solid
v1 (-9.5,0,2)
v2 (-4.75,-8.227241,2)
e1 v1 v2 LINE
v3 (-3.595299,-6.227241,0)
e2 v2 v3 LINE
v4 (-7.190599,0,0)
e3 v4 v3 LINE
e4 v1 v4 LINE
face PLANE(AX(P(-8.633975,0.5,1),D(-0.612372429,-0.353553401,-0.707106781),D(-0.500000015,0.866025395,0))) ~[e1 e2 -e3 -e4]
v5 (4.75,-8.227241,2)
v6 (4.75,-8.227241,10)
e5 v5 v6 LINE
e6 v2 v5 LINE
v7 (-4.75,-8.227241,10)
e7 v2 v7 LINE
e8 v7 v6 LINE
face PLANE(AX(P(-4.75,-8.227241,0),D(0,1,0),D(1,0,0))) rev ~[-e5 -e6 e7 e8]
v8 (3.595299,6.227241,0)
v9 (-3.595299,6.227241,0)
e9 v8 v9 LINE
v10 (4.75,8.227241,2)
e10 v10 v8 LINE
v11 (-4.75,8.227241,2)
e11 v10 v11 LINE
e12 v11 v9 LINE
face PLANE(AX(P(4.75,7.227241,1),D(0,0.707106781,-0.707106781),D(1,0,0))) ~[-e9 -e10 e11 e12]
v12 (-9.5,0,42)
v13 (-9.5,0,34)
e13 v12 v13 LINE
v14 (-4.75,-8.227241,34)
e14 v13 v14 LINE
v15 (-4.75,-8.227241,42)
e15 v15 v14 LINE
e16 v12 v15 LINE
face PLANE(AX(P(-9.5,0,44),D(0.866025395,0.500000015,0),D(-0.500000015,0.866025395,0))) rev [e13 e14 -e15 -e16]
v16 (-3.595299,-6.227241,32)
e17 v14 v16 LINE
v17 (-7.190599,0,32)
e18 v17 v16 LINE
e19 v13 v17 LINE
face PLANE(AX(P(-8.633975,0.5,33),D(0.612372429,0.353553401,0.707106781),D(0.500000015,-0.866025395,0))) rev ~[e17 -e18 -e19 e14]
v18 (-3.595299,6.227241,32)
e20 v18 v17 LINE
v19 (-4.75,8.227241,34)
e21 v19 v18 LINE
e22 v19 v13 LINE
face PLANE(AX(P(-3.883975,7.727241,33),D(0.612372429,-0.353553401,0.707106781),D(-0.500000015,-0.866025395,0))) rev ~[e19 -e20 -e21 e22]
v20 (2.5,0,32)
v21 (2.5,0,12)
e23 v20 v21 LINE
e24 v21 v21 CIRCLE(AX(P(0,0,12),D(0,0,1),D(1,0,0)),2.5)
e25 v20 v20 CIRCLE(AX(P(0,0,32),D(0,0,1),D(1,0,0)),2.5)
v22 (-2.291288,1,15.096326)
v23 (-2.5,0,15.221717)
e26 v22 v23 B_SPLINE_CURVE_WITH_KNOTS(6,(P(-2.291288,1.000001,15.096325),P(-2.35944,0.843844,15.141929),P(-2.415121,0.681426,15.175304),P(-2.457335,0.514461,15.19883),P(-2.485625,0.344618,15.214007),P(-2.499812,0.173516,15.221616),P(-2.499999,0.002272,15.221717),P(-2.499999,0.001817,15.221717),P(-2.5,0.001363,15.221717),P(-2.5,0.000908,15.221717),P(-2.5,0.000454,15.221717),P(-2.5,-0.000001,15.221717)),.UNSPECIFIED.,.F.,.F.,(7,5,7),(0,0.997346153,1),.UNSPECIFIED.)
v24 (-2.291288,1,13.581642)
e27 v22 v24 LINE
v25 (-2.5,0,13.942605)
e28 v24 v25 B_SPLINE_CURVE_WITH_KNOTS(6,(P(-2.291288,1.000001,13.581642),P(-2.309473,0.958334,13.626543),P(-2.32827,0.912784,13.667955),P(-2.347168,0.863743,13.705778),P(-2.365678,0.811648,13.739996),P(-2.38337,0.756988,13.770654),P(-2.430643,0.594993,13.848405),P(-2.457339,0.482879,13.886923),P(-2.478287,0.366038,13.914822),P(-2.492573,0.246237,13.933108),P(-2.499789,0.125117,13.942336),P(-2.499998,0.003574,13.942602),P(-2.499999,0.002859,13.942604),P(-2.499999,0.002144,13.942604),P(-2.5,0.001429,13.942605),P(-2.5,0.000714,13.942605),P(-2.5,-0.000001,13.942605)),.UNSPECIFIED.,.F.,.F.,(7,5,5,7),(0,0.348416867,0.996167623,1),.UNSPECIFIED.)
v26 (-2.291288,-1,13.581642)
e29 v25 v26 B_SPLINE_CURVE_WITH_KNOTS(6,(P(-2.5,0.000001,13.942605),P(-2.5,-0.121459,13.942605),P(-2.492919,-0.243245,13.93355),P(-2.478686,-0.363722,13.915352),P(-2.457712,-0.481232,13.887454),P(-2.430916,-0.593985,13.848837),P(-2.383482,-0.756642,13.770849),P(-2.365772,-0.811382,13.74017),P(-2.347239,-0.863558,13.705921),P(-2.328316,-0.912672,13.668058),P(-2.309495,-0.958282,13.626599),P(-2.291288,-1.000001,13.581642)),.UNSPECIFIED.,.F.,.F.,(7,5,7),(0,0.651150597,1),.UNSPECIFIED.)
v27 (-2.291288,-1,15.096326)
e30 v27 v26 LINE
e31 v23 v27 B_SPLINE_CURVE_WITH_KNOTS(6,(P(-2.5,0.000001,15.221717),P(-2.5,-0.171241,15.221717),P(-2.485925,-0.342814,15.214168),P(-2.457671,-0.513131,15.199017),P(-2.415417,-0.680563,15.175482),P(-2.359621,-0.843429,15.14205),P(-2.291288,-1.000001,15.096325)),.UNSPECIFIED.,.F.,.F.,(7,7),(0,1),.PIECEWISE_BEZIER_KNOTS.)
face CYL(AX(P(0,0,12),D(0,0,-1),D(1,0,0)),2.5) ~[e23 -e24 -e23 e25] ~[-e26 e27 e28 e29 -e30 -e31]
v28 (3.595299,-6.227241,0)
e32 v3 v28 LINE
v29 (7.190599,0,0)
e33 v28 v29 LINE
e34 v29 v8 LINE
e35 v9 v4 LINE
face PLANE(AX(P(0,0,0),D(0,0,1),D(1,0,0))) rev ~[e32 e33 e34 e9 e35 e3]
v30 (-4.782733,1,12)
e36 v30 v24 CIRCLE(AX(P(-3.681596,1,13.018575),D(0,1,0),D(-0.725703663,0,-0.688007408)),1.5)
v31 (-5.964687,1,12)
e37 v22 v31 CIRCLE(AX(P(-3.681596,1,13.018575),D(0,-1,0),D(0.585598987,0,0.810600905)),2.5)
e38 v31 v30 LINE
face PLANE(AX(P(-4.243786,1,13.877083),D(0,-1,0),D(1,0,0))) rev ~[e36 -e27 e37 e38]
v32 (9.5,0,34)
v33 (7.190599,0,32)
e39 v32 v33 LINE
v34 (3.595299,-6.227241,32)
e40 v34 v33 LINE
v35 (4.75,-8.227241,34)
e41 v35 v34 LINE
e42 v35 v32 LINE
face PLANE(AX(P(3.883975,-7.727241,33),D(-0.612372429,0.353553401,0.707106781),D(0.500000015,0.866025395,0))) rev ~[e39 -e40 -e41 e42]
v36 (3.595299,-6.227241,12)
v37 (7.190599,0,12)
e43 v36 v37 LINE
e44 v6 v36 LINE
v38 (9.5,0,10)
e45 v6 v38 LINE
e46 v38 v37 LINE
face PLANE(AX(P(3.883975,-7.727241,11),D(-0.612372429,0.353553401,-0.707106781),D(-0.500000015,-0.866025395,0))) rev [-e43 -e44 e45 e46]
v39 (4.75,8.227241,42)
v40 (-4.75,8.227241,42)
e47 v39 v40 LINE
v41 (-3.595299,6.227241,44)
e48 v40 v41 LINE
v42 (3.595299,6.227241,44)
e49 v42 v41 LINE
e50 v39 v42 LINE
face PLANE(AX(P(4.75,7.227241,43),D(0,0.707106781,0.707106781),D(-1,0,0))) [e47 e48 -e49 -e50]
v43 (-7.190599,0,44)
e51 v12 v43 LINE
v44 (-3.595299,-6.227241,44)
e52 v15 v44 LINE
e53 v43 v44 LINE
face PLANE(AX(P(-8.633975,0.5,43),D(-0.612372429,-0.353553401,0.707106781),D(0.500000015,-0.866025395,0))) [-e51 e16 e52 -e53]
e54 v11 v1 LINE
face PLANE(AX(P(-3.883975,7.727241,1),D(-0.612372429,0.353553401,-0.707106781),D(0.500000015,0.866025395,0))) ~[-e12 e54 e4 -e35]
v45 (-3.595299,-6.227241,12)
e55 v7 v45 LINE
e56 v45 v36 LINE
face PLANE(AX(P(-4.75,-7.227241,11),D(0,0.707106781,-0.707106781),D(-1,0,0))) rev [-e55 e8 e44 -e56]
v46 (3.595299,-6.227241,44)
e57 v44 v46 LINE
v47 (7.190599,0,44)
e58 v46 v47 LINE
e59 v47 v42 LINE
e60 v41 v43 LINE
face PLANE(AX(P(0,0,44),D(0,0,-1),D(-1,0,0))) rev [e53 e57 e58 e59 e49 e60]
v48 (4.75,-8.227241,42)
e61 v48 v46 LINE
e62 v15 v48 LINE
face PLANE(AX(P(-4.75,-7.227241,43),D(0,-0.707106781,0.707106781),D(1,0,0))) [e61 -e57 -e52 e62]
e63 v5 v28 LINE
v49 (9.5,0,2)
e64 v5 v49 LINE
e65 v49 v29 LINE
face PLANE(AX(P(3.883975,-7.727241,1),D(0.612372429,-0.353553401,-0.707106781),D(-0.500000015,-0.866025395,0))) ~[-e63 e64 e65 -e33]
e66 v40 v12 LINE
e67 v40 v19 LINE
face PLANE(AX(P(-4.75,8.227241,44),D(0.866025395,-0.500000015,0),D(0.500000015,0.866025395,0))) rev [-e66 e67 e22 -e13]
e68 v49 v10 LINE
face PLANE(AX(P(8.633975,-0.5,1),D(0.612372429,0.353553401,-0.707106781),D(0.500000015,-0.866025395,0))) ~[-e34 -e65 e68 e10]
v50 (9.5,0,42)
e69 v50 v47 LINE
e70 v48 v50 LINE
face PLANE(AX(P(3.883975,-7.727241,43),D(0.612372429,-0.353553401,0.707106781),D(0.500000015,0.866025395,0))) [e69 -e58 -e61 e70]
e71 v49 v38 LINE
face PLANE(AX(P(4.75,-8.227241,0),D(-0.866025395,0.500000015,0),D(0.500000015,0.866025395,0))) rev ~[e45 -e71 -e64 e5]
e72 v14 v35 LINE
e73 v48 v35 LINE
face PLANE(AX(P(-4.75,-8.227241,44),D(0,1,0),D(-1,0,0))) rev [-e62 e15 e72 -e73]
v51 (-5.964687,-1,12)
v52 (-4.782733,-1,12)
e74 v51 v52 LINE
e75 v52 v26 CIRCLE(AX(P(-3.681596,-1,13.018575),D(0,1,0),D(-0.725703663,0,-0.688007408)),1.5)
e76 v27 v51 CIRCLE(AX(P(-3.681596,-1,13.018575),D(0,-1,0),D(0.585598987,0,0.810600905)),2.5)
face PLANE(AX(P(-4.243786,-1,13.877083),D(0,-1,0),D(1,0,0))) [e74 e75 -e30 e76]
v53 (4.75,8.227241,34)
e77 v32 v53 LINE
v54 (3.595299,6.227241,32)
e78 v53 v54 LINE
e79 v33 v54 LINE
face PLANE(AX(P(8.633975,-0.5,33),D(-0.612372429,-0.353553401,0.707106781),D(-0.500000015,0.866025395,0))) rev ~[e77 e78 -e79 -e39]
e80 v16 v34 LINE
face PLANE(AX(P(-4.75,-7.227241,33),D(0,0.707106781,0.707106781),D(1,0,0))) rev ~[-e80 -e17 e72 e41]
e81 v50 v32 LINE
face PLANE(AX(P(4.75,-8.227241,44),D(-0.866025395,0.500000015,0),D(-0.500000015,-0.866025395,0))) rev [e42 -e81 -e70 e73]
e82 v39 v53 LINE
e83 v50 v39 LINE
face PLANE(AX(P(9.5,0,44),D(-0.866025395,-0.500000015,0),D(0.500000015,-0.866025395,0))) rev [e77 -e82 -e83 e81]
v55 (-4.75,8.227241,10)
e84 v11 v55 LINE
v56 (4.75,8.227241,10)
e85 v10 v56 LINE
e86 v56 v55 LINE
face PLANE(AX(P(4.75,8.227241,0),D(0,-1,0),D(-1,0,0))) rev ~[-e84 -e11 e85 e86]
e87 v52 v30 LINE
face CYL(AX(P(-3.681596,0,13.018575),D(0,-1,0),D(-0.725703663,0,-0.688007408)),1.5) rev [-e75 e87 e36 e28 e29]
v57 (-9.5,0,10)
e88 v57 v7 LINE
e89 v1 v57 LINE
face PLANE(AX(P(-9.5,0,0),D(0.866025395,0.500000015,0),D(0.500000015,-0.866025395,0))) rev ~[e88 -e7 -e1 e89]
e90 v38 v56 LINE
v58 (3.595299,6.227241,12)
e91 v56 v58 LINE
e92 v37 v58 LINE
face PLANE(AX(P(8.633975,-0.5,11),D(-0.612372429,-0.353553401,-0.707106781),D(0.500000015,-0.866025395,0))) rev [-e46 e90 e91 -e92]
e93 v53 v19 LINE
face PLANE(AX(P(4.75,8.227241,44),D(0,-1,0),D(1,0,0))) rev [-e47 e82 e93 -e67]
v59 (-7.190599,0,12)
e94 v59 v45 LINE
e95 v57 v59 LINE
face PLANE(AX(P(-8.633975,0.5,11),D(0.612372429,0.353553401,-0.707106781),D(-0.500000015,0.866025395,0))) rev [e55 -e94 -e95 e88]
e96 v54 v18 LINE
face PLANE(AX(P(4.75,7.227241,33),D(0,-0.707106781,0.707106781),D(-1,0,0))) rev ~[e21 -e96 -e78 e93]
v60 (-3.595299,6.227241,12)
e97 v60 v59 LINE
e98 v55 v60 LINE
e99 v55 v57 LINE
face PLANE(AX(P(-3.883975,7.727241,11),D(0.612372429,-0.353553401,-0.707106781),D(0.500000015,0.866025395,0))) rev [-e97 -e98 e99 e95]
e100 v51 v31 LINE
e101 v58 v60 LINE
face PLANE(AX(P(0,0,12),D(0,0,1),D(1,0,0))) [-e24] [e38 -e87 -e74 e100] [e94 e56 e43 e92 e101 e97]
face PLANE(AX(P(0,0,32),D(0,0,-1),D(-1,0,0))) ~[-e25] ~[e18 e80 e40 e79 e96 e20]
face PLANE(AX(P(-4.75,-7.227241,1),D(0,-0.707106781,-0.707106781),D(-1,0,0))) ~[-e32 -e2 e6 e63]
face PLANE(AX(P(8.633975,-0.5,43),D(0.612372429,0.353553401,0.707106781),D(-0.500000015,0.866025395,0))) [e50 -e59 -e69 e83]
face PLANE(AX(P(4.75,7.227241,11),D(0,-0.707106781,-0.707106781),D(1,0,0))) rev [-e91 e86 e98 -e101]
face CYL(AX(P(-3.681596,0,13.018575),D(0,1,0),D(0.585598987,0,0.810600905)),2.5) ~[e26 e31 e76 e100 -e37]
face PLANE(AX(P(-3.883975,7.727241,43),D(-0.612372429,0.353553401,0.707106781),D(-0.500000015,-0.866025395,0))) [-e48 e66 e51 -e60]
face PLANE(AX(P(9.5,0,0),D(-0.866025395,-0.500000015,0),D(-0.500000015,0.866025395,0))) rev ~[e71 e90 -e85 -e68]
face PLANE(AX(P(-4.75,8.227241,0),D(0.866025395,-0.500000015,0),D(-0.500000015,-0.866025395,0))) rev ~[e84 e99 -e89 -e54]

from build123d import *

# Parameters (mm, degrees)
F1_DEPTH      = 12
F2_SIZE       = 2
F3_R          = 2.5
F4_DEPTH      = 10
F7_DEPTH      = 1
F7_DEPTH_BACK = 1


with BuildPart() as f1:
    # F0 (on Top) → F1 (new body)
    with BuildSketch(Plane.XY):
        Polygon((-9.5, 0), (-4.75, -8.227241), (4.75, -8.227241), (9.5, 0), (4.75, 8.227241), (-4.75, 8.227241), align=None)
    extrude(amount=F1_DEPTH)

    # F2
    f2_edges = [f1.edges().sort_by_distance(p)[0] for p in [
        (-7.125, 4.113621, 0),
        (-7.125, -4.113621, 0),
        (0, -8.227241, 0),
        (7.125, -4.113621, 0),
        (7.125, 4.113621, 0),
        (0, 8.227241, 0),
        (-7.125, 4.113621, 12),
        (-7.125, -4.113621, 12),
        (0, -8.227241, 12),
        (7.125, -4.113621, 12),
        (7.125, 4.113621, 12),
        (0, 8.227241, 12),
    ]]
    chamfer(f2_edges, length=F2_SIZE)

    # F3 (on face) → F4 (join)
    with BuildSketch(Plane.XY.offset(12)):
        Circle(F3_R)
    extrude(amount=F4_DEPTH)

    # F5: F1 across face


with BuildPart() as f1_1:
    add(f1.part)
    add(f1.part.mirror(Plane.XY.offset(22)))

    # F6 (on Front) → F7 (join, two sides)
    with BuildSketch(Plane.XZ) as f7_sk:
        with BuildLine():
            Line((-2.217598, 13.345242), (-2.217598, 15.045078))
            ThreePointArc((-2.217598, 15.045078), (-5.263964, 14.954063), (-5.958645, 11.986564))
            Line((-5.958645, 11.986564), (-4.770151, 11.986564))
            ThreePointArc((-4.770151, 11.986564), (-4.386394, 14.342682), (-2.217598, 13.345242))
        make_face()
    extrude(amount=F7_DEPTH)
    extrude(f7_sk.sketch, amount=-F7_DEPTH_BACK)


solid = f1_1.part
